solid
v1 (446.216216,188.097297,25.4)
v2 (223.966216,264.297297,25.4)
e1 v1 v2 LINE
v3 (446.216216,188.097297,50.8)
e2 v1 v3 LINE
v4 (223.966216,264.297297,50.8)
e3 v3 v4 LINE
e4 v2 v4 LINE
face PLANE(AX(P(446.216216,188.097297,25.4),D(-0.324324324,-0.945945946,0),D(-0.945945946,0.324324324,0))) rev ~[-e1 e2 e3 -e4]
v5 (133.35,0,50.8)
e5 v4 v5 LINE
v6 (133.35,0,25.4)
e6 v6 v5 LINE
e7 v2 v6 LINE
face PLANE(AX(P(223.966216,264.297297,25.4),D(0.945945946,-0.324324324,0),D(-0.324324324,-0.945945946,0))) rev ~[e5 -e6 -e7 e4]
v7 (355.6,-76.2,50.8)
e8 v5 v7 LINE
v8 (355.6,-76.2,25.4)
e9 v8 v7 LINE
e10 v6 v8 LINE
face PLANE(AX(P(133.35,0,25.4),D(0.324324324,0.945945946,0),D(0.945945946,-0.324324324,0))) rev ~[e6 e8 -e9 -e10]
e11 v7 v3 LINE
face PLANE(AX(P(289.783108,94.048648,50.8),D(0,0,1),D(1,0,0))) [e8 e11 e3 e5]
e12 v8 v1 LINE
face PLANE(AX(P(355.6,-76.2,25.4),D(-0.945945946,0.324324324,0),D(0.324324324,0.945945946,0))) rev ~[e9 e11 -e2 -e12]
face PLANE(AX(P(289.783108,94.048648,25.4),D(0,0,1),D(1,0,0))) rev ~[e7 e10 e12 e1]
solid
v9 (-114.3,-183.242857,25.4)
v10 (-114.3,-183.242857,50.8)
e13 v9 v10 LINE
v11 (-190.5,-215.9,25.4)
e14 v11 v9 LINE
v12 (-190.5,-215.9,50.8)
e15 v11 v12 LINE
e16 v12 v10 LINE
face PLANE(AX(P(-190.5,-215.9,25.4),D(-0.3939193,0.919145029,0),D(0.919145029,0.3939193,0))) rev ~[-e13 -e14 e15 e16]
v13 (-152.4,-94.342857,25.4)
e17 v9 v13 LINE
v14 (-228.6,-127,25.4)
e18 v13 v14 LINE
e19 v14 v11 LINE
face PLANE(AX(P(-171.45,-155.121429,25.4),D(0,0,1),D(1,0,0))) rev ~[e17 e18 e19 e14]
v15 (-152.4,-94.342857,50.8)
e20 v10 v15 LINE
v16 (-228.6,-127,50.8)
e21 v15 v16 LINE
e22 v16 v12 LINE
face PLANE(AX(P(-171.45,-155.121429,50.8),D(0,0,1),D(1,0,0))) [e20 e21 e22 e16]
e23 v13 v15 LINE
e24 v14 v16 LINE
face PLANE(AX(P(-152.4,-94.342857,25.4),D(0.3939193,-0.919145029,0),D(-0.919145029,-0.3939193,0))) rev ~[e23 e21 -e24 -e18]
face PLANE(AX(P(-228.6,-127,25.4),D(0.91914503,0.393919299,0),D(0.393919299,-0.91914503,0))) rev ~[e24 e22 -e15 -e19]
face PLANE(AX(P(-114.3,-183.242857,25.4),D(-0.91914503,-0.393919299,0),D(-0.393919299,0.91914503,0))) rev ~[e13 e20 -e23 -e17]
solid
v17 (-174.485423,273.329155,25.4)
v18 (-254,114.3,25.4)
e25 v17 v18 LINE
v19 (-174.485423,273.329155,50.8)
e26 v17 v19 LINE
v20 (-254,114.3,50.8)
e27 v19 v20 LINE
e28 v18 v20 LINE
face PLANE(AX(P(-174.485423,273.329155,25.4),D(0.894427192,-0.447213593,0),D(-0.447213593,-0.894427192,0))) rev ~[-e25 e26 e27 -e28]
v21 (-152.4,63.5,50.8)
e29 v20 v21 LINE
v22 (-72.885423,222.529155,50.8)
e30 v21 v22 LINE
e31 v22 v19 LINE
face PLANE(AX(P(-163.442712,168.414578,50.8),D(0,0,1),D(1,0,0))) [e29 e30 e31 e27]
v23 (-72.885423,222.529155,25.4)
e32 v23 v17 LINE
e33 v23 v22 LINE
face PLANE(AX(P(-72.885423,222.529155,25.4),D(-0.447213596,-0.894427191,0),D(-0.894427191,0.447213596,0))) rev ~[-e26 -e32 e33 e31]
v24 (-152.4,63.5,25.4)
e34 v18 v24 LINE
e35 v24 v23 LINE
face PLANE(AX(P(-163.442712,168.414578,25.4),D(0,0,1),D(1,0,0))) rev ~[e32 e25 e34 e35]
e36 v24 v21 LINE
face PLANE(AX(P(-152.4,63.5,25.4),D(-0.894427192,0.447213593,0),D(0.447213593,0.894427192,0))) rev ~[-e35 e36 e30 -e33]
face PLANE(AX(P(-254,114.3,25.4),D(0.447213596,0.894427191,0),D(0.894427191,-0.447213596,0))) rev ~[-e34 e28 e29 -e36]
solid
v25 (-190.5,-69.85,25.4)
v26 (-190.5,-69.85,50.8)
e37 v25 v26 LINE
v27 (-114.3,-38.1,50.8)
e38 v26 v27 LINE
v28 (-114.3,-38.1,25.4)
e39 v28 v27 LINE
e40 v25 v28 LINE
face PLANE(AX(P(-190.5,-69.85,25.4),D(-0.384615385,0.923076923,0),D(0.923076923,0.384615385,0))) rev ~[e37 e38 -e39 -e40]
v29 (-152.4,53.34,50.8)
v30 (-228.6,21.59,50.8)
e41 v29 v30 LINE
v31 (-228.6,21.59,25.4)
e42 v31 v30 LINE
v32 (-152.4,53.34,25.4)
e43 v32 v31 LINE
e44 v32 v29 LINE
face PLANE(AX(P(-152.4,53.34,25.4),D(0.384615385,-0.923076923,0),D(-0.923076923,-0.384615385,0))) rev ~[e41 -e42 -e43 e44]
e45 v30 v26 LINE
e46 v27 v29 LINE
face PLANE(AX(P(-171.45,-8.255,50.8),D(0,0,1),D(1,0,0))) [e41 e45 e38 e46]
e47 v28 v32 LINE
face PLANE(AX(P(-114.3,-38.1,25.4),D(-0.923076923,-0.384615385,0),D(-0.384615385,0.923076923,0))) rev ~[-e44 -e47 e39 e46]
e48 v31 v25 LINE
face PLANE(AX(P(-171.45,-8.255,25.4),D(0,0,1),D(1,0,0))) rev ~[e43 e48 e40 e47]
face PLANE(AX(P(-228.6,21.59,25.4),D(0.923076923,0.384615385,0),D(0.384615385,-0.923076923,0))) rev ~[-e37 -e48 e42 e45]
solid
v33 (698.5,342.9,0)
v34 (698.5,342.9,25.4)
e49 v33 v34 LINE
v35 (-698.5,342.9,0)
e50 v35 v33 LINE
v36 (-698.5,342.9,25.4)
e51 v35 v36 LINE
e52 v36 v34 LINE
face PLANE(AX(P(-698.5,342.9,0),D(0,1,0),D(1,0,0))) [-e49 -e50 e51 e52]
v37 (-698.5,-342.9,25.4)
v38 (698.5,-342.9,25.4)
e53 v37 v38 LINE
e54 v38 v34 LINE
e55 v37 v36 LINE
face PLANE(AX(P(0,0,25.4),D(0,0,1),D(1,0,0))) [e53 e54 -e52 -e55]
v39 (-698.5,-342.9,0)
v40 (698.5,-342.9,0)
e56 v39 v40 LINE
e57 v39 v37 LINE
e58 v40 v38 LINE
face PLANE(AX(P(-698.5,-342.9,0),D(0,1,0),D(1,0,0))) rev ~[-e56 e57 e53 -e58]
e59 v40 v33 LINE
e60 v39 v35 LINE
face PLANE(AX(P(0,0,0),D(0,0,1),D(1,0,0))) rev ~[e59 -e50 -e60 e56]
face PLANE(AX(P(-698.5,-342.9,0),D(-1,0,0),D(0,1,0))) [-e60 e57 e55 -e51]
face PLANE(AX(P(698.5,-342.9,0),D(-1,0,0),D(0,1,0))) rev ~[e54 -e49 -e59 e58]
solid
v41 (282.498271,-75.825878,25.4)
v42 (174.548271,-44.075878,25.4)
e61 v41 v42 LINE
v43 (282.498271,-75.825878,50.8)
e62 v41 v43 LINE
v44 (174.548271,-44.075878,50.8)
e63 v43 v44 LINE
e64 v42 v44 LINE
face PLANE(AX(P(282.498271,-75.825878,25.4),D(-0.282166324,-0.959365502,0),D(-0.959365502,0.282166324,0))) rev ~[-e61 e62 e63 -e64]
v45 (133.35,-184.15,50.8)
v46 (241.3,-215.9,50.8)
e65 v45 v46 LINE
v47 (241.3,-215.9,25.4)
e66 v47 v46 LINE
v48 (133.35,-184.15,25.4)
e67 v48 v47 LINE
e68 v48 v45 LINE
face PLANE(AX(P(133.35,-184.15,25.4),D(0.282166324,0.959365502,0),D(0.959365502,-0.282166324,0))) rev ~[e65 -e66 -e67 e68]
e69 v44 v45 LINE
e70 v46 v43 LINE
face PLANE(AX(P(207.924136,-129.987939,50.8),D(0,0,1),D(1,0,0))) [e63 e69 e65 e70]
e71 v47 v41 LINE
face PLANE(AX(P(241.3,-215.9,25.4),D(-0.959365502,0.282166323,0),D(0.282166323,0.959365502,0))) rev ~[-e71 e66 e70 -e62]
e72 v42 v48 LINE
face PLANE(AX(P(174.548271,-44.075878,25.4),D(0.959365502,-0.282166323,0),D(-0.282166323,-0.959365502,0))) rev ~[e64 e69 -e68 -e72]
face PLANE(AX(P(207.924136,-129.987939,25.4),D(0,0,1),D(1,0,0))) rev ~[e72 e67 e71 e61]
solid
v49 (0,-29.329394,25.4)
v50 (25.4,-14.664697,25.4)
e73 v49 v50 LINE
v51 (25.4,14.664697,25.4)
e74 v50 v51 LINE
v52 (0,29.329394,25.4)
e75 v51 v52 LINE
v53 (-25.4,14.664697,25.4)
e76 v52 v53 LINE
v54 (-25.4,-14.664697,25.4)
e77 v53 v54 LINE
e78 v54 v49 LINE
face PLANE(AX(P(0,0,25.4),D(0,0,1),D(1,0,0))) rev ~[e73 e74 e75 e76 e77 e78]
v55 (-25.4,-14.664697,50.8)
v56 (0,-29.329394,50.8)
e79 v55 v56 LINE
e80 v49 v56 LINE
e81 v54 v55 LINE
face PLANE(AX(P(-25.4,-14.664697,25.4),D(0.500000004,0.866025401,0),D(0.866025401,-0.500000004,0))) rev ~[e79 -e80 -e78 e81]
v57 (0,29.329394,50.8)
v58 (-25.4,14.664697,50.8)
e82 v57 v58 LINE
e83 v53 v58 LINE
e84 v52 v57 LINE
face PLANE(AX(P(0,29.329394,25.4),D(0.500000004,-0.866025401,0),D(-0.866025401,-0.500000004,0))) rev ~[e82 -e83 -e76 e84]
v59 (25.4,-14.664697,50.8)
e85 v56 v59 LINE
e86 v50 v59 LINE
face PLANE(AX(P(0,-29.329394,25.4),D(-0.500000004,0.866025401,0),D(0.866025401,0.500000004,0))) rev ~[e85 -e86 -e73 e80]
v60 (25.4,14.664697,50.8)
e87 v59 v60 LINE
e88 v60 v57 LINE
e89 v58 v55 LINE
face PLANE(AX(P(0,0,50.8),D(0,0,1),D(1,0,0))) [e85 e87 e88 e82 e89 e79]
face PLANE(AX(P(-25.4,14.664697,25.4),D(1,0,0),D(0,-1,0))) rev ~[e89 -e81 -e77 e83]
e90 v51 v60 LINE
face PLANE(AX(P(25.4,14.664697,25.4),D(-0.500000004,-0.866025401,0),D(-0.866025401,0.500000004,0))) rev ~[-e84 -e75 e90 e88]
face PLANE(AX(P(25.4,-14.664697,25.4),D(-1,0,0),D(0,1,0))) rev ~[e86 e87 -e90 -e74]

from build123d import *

# Parameters (mm, degrees)
F0_W     = 1397
F0_H     = 685.8
F1_DEPTH = 25.4
F3_DEPTH = 25.4


with BuildPart() as f1:
    # F0 (on Top) → F1 (new body)
    with BuildSketch(Plane.XY):
        Rectangle(F0_W, F0_H)
    extrude(amount=F1_DEPTH)


with BuildPart() as f3:
    # F2 (on face) → F3 (new body)
    with BuildSketch(Plane.XY.offset(25.4)):
        Polygon((25.4, -14.664697), (25.4, 14.664697), (0, 29.329394), (-25.4, 14.664697), (-25.4, -14.664697), (0, -29.329394), align=None)
        Polygon((-190.5, -215.9), (-114.3, -183.242857), (-152.4, -94.342857), (-228.6, -127), align=None)
        Polygon((-190.5, -69.85), (-114.3, -38.1), (-152.4, 53.34), (-228.6, 21.59), align=None)
        Polygon((-254, 114.3), (-152.4, 63.5), (-72.885423, 222.529155), (-174.485423, 273.329155), align=None)
        Polygon((133.35, 0), (355.6, -76.2), (446.216216, 188.097297), (223.966216, 264.297297), align=None)
        Polygon((133.35, -184.15), (241.3, -215.9), (282.498271, -75.825878), (174.548271, -44.075878), align=None)
    extrude(amount=F3_DEPTH)


solid = Compound([f1.part, f3.part])
